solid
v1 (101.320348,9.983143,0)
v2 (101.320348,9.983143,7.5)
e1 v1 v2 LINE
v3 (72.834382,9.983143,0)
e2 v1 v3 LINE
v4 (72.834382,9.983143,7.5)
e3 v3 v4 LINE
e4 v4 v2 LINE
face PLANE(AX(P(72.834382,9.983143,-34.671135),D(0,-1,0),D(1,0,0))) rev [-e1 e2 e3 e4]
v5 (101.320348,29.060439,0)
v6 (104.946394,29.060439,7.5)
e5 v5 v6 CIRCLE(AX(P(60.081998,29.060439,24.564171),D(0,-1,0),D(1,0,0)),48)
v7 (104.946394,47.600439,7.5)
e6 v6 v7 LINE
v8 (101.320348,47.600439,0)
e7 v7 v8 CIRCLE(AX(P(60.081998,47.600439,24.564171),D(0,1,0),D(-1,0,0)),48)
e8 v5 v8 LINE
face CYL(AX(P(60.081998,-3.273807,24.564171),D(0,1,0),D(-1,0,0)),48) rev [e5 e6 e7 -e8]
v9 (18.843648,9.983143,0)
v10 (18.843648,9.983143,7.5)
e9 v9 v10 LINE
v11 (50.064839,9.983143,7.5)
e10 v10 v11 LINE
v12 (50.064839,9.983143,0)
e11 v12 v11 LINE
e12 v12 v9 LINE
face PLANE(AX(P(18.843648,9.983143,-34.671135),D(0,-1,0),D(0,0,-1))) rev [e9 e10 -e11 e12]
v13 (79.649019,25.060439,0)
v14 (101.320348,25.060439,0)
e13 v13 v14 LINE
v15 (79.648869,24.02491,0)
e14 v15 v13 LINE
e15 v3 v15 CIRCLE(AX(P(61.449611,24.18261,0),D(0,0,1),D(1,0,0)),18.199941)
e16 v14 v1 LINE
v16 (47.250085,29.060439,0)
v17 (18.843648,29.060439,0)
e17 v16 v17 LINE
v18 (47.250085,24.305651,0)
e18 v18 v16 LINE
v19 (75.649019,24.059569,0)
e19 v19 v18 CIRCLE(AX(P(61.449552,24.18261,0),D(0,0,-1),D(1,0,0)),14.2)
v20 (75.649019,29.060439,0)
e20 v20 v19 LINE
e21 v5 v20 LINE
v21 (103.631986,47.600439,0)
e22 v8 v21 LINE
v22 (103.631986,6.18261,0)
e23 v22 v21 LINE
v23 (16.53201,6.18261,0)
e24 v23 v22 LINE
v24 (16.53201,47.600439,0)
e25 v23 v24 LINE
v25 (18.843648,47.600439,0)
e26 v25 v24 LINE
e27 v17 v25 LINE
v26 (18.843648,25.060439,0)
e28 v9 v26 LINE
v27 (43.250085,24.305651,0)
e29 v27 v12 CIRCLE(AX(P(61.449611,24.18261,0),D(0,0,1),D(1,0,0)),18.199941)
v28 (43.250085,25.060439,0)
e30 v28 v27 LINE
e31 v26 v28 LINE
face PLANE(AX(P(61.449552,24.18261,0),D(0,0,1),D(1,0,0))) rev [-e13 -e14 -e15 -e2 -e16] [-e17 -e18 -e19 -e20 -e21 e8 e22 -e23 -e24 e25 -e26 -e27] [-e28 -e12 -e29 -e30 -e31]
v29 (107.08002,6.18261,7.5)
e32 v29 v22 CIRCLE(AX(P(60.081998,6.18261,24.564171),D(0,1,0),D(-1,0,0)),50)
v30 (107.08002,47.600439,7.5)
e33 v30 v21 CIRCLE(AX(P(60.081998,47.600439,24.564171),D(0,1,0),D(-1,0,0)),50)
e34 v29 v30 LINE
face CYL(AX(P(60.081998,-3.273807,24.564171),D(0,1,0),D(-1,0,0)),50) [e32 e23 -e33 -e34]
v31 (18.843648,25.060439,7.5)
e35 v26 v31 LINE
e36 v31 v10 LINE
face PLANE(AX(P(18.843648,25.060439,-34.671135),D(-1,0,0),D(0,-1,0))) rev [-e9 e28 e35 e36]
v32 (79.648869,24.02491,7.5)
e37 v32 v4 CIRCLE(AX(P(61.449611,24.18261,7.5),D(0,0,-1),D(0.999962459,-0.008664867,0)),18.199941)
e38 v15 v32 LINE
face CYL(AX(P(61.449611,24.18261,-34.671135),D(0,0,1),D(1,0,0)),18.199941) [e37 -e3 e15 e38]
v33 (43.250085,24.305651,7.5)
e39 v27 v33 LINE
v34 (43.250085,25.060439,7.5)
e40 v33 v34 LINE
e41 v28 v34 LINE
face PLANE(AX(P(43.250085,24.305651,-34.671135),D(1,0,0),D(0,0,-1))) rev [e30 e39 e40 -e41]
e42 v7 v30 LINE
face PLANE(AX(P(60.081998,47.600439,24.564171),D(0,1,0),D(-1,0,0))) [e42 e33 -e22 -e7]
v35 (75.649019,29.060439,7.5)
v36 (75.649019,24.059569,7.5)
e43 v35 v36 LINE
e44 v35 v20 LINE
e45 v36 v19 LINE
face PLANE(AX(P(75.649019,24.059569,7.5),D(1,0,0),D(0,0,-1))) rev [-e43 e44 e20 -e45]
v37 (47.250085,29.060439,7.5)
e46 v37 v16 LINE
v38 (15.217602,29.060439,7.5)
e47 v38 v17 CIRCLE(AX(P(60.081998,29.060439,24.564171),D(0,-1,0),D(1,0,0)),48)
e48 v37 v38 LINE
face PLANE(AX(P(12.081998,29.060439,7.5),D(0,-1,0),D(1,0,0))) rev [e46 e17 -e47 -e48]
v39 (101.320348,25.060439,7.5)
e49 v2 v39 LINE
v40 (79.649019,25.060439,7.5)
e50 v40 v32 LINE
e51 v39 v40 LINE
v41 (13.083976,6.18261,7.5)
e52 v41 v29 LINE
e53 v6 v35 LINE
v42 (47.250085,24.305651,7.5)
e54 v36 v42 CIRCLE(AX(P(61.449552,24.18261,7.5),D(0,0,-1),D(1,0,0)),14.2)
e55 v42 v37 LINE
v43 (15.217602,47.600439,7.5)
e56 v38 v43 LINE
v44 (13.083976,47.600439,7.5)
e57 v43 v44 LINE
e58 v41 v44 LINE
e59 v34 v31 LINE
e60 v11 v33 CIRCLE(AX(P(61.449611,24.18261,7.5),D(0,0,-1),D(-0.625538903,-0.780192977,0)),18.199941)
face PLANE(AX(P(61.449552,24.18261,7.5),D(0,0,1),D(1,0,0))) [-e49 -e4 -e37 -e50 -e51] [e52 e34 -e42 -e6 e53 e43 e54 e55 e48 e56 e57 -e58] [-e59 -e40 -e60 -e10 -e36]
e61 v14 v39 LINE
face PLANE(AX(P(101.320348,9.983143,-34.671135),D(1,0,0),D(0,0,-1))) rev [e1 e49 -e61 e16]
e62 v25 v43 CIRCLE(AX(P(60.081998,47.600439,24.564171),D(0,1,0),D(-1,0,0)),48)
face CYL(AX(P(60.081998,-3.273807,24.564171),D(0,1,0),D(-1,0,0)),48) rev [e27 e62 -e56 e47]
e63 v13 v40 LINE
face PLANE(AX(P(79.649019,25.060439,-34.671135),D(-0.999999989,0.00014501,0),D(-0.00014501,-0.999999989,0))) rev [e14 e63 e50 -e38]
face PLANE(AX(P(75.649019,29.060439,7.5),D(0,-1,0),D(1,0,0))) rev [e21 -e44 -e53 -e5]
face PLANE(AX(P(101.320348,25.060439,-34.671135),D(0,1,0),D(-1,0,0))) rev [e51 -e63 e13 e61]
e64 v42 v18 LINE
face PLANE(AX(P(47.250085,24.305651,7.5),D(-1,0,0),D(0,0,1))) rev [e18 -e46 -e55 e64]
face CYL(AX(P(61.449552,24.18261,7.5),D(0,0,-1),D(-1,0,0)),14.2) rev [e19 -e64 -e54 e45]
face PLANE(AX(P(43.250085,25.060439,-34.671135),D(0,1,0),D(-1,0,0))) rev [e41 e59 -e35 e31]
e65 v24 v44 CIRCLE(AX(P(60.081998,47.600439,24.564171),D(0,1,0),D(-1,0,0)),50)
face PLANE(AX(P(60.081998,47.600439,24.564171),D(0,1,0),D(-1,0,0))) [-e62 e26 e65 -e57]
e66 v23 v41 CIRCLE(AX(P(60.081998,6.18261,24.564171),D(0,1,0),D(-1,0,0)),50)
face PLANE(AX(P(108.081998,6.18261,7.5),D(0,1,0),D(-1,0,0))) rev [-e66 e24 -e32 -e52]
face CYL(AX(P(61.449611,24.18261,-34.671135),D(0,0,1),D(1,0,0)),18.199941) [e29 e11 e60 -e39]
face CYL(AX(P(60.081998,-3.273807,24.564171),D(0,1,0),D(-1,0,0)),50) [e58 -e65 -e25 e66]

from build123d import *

# Parameters (mm, degrees)
BOSS_EXTRUDE1_DEPTH      = 7.5
BOSS_EXTRUDE2_DEPTH      = 18.54
BOSS_EXTRUDE2_DEPTH_BACK = 22.877829
CUT_EXTRUDE2_START       = -22.877828503
CUT_EXTRUDE2_DEPTH       = 22.877828503
CUT_EXTRUDE1_DEPTH       = 7.5


with BuildPart() as part:
    # Sketch2 → Boss-Extrude1 (new body)
    with BuildSketch(Plane.XY):
        with BuildLine():
            Line((75.649019024, 29.060438862), (108.081997982, 29.060438862))
            Line((108.081997982, 29.060438862), (108.081997982, 6.182610359))
            Line((108.081997982, 6.182610359), (12.081997982, 6.182610359))
            Line((12.081997982, 6.182610359), (12.081997982, 29.060438862))
            Line((12.081997982, 29.060438862), (47.250085178, 29.060438862))
            Line((47.250085178, 29.060438862), (47.250085178, 24.305651432))
            ThreePointArc((47.250085178, 24.305651432), (61.326511028, 9.983143436), (75.649019024, 24.059569287))
            Line((75.649019024, 24.059569287), (75.649019024, 29.060438862))
        make_face()
    extrude(amount=BOSS_EXTRUDE1_DEPTH)

    # Sketch7 → Boss-Extrude2 (add, two sides: drawn at the far end of the back side and taken through both)
    with BuildSketch(Plane(origin=(0, 29.060438862, 0), x_dir=(1, 0, 0), z_dir=(0, 1, 0)).offset(-BOSS_EXTRUDE2_DEPTH_BACK)):
        with BuildLine():
            Line((101.320347636, 0), (103.631986296, 0))
            ThreePointArc((103.631986296, 0), (105.511041931, -3.678722762), (107.080019787, -7.5))
            Line((107.080019787, -7.5), (104.946394262, -7.5))
            ThreePointArc((104.946394262, -7.5), (103.296384641, -3.6711873), (101.320347636, 0))
        make_face()
        with BuildLine():
            Line((18.843648328, 0), (16.532009668, 0))
            ThreePointArc((16.532009668, 0), (14.652954033, -3.678722762), (13.083976177, -7.5))
            Line((13.083976177, -7.5), (15.217601702, -7.5))
            ThreePointArc((15.217601702, -7.5), (16.867611323, -3.6711873), (18.843648328, 0))
        make_face()
    extrude(amount=BOSS_EXTRUDE2_DEPTH + BOSS_EXTRUDE2_DEPTH_BACK)

    # Sketch9 → Cut-Extrude2 (cut)
    with BuildSketch(Plane(origin=(0, 29.060438862, 0), x_dir=(1, 0, 0), z_dir=(0, 1, 0)).offset(CUT_EXTRUDE2_START)):
        with BuildLine():
            Line((108.081997982, 0), (103.631986296, 0))
            ThreePointArc((103.631986296, 0), (105.511041931, -3.678722762), (107.080019787, -7.5))
            Line((107.080019787, -7.5), (108.081997982, -7.5))
            Line((108.081997982, -7.5), (108.081997982, 0))
        make_face()
        with BuildLine():
            Line((12.081997982, -7.5), (13.083976177, -7.5))
            ThreePointArc((13.083976177, -7.5), (14.652954033, -3.678722762), (16.532009668, 0))
            Line((16.532009668, 0), (12.081997982, 0))
            Line((12.081997982, 0), (12.081997982, -7.5))
        make_face()
    extrude(amount=CUT_EXTRUDE2_DEPTH, mode=Mode.SUBTRACT)

    # Sketch8 → Cut-Extrude1 (cut)
    with BuildSketch(Plane.XY.offset(7.5)):
        with BuildLine():
            Line((18.843648328, 25.060438862), (18.843648328, 9.983143436))
            Line((18.843648328, 9.983143436), (50.064839288, 9.983143436))
            add(Edge.make_bspline(
                [(50.064839288, 9.983143436), (45.21005588, 13.875585407), (43.215886983, 19.247270307), (43.250085178, 24.305651432)],
                knots=[0.673696083, 0.673696083, 0.673696083, 0.673696083, 1, 1, 1, 1], degree=3, weights=[0.560759297, 0.636257623, 0.782671191, 1]))
            Line((43.250085178, 24.305651432), (43.250085178, 25.060438862))
            Line((43.250085178, 25.060438862), (18.843648328, 25.060438862))
        make_face()
        with BuildLine():
            Line((101.320347636, 9.983143436), (101.320347636, 25.060438862))
            Line((101.320347636, 25.060438862), (79.649019024, 25.060438862))
            Line((79.649019024, 25.060438862), (79.648868861, 24.02490983))
            add(Edge.make_bspline(
                [(79.648868861, 24.02490983), (79.605779212, 19.052181459), (77.595427824, 13.800428938), (72.83438207, 9.983143436)],
                knots=[0, 0, 0, 0, 0.321967204, 0.321967204, 0.321967204, 0.321967204], degree=3, weights=[1, 0.78555958, 0.640161942, 0.563807087]))
            Line((72.83438207, 9.983143436), (101.320347636, 9.983143436))
        make_face()
    extrude(amount=-CUT_EXTRUDE1_DEPTH, mode=Mode.SUBTRACT)


solid = part.part
